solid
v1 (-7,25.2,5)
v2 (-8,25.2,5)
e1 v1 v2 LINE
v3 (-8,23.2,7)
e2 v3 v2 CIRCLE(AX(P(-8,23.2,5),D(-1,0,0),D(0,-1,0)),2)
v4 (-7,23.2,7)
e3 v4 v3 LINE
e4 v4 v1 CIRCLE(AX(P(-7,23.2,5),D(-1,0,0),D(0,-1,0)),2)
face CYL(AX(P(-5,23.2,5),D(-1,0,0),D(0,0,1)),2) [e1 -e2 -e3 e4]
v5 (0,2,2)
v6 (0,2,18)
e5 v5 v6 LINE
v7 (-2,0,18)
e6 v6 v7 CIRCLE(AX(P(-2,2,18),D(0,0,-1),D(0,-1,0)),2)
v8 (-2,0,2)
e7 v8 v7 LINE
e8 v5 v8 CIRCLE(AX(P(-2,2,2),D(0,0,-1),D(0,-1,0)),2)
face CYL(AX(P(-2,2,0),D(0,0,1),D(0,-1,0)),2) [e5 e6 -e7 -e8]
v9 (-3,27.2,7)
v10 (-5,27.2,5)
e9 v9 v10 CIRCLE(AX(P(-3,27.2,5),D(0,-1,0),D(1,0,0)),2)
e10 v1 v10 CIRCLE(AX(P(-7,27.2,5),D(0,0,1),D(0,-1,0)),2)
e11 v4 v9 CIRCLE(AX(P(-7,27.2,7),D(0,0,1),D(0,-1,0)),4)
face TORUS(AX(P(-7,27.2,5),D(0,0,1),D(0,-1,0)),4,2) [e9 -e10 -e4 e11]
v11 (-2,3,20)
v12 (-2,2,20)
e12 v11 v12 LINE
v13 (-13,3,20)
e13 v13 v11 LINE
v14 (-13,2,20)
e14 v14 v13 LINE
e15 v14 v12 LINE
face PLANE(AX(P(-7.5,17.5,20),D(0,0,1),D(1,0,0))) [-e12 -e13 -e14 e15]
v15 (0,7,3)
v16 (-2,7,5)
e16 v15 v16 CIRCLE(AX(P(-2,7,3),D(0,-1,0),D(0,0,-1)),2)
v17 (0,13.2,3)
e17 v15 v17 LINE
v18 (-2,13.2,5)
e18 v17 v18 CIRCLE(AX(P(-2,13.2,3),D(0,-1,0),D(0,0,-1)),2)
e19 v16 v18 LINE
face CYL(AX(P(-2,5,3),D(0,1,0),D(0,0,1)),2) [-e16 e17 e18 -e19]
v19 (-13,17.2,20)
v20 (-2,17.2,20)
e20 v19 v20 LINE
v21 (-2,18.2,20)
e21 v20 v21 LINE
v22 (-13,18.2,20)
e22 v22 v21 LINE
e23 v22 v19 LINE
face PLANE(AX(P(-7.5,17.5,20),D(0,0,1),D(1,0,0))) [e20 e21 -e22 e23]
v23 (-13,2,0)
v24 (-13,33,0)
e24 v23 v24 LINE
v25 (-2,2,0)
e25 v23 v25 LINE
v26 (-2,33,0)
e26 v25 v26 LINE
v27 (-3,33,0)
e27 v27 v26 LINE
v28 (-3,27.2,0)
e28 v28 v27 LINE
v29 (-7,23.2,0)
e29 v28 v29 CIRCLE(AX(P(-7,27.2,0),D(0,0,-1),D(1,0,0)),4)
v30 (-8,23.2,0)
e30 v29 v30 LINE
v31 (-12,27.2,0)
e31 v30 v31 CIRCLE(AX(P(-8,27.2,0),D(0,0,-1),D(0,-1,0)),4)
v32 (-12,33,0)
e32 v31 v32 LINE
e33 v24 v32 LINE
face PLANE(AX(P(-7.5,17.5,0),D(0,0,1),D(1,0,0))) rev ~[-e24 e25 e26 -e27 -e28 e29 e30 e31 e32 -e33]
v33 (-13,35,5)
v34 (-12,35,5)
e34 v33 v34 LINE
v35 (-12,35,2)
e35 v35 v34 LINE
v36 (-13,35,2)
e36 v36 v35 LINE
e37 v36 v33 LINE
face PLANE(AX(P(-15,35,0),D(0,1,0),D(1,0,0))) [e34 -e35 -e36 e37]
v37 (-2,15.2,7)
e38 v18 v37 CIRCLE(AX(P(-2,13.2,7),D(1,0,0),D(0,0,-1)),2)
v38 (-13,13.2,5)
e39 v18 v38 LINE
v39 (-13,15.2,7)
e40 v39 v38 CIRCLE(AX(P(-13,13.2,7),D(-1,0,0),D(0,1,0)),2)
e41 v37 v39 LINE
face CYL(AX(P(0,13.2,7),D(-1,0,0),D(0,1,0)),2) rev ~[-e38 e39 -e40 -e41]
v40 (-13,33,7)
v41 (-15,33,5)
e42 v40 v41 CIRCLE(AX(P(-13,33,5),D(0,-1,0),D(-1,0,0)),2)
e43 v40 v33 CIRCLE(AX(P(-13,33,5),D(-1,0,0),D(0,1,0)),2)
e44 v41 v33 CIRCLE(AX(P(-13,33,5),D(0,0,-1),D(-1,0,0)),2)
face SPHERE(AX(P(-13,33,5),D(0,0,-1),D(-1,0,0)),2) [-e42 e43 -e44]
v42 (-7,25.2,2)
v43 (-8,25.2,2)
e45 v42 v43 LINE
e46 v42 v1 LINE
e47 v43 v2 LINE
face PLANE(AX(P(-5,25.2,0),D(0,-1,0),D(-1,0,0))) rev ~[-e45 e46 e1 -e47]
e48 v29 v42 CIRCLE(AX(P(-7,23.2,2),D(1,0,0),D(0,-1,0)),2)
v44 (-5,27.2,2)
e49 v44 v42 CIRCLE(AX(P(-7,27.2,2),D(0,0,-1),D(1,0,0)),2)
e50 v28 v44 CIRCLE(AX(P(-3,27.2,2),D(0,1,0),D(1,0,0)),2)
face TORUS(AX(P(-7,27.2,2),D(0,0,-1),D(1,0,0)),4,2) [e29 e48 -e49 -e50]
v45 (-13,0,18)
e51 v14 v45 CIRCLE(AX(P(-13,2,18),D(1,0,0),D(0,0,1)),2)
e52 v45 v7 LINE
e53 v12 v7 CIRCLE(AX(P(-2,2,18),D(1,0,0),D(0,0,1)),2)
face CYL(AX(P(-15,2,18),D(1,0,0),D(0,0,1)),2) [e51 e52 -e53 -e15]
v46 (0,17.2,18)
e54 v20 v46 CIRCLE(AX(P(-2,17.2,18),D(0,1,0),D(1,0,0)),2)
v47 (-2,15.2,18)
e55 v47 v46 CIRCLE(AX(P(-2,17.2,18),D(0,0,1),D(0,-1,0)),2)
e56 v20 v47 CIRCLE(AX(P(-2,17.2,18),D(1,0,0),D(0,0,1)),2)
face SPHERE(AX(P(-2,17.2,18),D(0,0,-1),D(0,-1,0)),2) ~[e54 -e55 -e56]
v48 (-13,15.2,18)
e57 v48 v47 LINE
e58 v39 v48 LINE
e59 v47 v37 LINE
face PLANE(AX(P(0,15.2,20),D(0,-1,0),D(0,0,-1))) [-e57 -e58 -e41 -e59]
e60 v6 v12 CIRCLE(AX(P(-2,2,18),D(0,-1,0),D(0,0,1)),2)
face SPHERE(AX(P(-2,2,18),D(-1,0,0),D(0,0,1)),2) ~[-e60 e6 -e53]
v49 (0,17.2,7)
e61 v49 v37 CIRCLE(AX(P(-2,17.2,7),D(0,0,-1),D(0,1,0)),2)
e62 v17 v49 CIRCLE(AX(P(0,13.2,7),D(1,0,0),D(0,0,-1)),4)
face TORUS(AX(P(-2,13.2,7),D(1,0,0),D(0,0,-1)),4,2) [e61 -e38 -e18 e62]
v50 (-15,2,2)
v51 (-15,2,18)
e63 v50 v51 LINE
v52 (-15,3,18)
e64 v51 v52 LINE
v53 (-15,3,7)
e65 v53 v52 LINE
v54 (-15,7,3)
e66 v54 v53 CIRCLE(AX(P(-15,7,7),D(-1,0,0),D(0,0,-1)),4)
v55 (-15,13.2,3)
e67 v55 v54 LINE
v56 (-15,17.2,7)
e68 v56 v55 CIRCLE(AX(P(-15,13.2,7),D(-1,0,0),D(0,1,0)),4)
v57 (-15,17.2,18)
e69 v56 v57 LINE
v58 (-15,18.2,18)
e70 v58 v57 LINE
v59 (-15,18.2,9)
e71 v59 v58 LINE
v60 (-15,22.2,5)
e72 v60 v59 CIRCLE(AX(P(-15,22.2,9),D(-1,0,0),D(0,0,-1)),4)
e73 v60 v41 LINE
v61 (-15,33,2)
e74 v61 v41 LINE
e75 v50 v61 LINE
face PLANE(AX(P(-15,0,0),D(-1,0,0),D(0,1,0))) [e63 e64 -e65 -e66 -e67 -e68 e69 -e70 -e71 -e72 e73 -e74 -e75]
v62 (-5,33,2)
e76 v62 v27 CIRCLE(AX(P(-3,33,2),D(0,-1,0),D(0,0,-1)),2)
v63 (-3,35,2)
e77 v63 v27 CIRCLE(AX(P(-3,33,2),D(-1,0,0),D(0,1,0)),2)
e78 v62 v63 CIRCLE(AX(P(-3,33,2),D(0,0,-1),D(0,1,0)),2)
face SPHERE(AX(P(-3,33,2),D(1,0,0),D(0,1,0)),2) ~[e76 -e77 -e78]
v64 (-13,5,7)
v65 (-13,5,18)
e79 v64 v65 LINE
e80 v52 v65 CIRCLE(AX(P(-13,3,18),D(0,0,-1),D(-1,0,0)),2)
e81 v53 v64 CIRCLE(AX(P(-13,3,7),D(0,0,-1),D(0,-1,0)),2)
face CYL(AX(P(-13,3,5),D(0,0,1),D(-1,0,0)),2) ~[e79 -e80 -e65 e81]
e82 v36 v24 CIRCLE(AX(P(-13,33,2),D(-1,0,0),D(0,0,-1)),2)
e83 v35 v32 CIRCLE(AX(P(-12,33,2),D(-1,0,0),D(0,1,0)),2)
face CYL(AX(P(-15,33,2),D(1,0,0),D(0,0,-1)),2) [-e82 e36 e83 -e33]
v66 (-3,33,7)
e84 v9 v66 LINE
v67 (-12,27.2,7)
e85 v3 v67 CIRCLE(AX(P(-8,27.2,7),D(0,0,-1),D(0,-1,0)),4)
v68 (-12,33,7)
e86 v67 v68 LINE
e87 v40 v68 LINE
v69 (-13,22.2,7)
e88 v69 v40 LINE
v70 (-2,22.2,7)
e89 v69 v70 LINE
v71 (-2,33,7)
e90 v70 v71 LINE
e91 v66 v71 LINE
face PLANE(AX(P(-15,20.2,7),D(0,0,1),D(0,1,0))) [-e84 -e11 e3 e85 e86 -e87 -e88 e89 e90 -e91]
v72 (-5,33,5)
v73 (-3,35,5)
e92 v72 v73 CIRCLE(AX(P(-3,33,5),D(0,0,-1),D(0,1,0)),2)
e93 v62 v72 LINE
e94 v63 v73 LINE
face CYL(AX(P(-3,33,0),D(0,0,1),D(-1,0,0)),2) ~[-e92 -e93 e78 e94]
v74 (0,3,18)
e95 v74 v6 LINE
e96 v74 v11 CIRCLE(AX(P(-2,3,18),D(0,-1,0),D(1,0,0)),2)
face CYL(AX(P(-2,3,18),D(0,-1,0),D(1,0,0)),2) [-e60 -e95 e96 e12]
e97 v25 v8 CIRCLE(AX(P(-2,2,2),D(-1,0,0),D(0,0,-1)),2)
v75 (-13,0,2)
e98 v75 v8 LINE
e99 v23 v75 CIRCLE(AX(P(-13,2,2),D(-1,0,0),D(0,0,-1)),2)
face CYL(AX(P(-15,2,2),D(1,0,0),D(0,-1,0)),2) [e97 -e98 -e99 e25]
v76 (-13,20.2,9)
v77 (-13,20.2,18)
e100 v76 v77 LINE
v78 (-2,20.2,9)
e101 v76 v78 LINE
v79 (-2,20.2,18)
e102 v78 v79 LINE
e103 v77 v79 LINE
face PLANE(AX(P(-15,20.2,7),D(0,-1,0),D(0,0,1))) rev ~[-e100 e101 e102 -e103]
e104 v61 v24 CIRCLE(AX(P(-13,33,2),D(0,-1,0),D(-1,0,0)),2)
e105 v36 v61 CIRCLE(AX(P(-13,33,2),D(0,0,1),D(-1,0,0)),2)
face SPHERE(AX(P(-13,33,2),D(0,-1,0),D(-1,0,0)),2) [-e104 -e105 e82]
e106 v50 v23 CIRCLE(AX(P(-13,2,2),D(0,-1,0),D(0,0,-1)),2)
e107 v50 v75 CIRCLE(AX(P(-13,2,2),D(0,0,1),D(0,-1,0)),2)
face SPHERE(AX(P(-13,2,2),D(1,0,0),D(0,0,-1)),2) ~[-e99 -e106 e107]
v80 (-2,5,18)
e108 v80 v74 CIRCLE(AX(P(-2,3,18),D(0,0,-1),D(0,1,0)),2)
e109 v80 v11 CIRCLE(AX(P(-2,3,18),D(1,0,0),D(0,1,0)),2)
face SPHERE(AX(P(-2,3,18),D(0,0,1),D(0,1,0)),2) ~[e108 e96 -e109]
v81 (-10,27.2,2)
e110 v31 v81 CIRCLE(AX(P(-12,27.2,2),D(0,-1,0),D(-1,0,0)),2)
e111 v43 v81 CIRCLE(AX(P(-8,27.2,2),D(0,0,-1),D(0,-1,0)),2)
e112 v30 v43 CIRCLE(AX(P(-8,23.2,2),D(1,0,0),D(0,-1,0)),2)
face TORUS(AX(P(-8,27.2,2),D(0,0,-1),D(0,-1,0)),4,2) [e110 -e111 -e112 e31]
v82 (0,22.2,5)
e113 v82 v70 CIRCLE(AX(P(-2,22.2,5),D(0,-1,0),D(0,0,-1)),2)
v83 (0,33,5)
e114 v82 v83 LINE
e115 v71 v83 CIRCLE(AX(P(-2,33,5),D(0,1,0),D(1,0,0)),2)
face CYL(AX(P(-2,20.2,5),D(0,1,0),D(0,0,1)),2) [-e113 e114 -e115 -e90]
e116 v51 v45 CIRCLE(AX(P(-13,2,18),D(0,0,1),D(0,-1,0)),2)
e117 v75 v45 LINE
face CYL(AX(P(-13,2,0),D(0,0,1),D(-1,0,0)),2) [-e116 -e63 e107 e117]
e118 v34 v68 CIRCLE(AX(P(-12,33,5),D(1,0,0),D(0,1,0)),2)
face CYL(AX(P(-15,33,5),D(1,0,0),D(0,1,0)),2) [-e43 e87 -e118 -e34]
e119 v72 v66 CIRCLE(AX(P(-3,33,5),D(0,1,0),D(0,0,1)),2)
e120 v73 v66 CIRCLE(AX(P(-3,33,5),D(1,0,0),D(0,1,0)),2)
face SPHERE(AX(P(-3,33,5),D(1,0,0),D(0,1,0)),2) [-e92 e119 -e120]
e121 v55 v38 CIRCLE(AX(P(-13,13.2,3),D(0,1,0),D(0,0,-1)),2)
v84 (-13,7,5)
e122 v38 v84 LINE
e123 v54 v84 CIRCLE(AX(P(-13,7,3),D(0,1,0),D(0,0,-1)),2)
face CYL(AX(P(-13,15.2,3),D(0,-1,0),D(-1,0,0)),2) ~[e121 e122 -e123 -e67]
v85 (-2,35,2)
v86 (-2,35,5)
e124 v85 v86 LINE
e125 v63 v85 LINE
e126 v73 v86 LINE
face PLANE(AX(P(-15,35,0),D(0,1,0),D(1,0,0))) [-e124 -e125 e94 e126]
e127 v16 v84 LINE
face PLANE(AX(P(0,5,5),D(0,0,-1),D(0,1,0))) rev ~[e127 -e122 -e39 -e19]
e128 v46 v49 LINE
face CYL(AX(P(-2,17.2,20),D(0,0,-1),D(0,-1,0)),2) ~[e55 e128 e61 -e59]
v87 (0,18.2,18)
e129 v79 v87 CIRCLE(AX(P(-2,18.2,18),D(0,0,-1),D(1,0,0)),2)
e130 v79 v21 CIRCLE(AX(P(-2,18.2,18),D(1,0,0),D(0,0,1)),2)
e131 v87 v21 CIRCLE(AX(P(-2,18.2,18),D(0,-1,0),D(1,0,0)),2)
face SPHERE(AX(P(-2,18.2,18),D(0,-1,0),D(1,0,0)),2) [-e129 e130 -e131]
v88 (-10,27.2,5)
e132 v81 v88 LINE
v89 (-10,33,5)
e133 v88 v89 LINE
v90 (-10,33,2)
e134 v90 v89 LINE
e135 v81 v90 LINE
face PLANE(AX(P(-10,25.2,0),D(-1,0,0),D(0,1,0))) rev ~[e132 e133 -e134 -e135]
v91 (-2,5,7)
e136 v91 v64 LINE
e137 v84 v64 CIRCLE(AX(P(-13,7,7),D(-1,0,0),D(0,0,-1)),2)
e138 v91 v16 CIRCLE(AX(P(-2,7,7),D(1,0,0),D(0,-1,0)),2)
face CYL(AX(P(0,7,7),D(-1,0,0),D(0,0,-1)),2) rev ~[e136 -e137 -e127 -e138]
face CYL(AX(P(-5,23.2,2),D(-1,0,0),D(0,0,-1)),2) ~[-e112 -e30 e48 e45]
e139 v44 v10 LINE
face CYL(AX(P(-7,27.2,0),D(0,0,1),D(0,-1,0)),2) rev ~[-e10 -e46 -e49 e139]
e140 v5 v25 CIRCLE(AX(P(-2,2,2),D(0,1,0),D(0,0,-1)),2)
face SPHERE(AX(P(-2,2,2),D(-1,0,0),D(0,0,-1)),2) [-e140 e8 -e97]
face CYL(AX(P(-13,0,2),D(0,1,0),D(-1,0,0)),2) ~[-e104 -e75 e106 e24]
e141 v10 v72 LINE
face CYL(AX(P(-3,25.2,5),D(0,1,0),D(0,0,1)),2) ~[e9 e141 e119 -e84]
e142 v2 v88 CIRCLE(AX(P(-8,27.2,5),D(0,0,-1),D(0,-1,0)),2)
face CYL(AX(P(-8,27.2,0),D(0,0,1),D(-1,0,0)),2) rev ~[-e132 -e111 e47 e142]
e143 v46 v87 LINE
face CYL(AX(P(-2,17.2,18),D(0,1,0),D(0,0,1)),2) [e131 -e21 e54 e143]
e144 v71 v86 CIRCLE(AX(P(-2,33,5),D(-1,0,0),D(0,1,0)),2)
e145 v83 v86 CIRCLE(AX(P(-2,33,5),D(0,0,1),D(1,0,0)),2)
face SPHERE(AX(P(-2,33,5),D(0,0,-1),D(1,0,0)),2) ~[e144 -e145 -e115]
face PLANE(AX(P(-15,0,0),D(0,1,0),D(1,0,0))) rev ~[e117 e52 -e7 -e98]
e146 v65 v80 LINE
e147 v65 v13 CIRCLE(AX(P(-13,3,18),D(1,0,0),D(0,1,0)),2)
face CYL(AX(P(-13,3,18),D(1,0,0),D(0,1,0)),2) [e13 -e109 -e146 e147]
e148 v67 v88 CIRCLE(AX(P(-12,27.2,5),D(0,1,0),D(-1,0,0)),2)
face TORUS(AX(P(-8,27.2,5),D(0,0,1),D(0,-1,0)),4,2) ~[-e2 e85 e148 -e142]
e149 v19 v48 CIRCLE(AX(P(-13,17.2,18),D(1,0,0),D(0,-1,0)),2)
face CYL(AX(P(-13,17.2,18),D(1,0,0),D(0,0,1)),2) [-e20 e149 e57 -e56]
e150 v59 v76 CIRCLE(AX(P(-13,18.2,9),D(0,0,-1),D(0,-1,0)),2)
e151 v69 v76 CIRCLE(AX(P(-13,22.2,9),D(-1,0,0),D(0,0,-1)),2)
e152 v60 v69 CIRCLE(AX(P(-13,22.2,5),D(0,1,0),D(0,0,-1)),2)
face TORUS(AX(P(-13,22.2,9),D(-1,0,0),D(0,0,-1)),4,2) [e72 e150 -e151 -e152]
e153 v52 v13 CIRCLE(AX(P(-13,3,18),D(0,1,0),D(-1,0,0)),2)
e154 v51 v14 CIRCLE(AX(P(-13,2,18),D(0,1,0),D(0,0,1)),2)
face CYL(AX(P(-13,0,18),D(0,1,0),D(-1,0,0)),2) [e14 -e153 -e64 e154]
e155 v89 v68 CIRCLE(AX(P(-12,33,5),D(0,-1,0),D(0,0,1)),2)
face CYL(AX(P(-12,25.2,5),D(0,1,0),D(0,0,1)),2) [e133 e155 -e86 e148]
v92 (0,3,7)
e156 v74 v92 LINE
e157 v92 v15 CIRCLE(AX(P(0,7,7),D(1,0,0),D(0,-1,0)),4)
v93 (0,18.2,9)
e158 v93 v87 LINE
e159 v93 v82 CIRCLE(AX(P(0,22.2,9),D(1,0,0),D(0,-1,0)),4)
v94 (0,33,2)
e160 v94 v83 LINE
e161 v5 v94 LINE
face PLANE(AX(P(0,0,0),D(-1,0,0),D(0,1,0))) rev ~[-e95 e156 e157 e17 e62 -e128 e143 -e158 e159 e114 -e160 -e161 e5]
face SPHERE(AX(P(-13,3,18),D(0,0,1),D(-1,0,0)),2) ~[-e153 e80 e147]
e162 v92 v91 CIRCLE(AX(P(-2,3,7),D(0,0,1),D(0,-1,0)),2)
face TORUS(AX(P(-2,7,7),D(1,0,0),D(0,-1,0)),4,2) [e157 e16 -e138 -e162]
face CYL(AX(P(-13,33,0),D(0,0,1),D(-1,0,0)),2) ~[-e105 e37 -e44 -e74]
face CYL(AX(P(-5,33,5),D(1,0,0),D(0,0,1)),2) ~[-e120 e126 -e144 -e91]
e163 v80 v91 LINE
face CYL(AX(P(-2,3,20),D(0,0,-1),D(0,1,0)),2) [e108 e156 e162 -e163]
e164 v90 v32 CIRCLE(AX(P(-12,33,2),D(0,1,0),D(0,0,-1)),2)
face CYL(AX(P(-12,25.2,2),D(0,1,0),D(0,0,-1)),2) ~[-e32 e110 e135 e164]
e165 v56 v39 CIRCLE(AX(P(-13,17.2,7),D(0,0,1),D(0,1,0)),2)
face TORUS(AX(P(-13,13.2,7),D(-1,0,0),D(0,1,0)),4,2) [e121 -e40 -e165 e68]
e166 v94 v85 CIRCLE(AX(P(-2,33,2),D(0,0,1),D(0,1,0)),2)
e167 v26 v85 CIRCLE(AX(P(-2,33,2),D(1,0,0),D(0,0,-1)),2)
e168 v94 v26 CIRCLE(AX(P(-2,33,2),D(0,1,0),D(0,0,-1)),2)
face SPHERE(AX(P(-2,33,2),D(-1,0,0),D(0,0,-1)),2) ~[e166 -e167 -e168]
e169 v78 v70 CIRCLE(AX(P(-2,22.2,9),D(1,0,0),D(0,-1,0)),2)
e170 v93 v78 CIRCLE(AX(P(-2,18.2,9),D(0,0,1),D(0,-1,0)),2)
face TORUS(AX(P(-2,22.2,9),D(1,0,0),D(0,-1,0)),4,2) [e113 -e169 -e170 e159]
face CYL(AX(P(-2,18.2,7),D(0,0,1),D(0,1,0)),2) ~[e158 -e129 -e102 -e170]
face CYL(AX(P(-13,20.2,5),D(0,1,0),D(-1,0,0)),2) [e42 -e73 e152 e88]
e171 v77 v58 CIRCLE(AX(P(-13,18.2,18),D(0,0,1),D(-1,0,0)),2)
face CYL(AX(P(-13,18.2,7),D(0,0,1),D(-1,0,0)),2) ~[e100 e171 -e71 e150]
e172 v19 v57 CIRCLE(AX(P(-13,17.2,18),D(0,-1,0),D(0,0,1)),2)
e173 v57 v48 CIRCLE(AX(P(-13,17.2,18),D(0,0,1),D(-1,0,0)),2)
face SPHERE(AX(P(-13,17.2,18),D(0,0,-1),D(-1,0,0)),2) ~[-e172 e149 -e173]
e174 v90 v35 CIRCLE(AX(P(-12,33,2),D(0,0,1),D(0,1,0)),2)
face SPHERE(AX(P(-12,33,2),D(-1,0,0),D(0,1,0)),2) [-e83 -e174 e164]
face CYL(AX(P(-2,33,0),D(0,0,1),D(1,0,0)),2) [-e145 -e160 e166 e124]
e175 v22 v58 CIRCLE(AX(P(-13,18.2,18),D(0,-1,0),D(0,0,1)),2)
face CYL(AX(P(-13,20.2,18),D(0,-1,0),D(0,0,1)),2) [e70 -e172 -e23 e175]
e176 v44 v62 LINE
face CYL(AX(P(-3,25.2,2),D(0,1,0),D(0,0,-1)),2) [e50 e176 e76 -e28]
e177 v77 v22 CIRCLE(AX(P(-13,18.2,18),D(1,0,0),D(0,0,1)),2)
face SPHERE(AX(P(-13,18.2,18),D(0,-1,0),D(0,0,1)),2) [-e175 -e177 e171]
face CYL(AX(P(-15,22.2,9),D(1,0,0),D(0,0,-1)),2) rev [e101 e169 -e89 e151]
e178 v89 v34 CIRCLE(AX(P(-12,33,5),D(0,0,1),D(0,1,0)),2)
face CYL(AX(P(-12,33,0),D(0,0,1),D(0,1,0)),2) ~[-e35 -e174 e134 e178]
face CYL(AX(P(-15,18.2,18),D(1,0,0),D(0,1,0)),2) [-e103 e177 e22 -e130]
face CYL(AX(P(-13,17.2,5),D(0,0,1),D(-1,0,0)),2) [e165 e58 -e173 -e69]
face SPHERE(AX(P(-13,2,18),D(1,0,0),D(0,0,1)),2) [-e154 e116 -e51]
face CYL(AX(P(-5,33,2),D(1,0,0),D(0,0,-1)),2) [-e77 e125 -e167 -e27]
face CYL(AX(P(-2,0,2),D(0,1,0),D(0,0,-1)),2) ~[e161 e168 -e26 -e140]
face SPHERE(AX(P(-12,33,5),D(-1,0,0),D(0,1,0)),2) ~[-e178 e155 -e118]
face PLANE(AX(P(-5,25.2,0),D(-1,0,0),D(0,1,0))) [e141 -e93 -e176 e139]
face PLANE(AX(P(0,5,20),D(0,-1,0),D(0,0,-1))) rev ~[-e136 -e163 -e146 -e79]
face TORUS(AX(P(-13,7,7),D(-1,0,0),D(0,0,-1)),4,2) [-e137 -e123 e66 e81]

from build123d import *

# Parameters (mm, degrees)
SKETCH1_W                      = 15
SKETCH1_H                      = 35
BOSS_EXTRUDE1_DEPTH            = 20
SKETCH2_W                      = 15
SKETCH2_H                      = 10.2
CUT_EXTRUDE1_DEPTH             = 44.011626335
FILLET1_R                      = 2
SKETCH4_W                      = 13
SKETCH4_H                      = 14.8
CUT_EXTRUDE3_DEPTH             = 44.011626335
CUT_EXTRUDE4_REACH             = 45.012
SKETCH5_W                      = 5
SKETCH5_H                      = 9.8
CUT_EXTRUDE4_DIRECTION_2_DEPTH = 44.011626335
FILLET2_R                      = 2


with BuildPart() as part:
    # Sketch1 → Boss-Extrude1 (new body)
    with BuildSketch(Plane.XY):
        with Locations((-7.5, 17.5)):
            Rectangle(SKETCH1_W, SKETCH1_H)
    extrude(amount=BOSS_EXTRUDE1_DEPTH)

    # Sketch2 → Cut-Extrude1 (cut, through all)
    with BuildSketch(Plane(origin=(0, 0, 0), x_dir=(0, 0, -1), z_dir=(1, 0, 0))):
        with Locations((-12.5, 10.1)):
            Rectangle(SKETCH2_W, SKETCH2_H)
    extrude(amount=-CUT_EXTRUDE1_DEPTH, mode=Mode.SUBTRACT)

    # Fillet1
    fillet1_edges = [part.edges().sort_by_distance(p)[0] for p in [
        (-15, 15.2, 12.5),
        (-15, 10.1, 5),
        (-7.5, 15.2, 5),
        (-15, 5, 12.5),
        (-7.5, 5, 5),
        (0, 5, 12.5),
        (0, 10.1, 5),
        (0, 15.2, 12.5),
    ]]
    fillet(fillet1_edges, radius=FILLET1_R)

    # Sketch4 → Cut-Extrude3 (cut, through all)
    with BuildSketch(Plane.ZY.offset(15)):
        with Locations((13.5, 27.6)):
            Rectangle(SKETCH4_W, SKETCH4_H)
    extrude(amount=-CUT_EXTRUDE3_DEPTH, mode=Mode.SUBTRACT)

    # Sketch5 → Cut-Extrude4 (cut, up to next)
    with BuildSketch(Plane(origin=(0, 0, 0), x_dir=(-1, 0, 0), z_dir=(0, 0, -1)), mode=Mode.PRIVATE) as cut_extrude4_sk1:
        with Locations((7.5, 30.1)):
            Rectangle(SKETCH5_W, SKETCH5_H)
    cut_extrude4_tool1 = extrude(cut_extrude4_sk1.sketch, amount=-CUT_EXTRUDE4_REACH, mode=Mode.PRIVATE) & part.part
    add(cut_extrude4_tool1.solids().sort_by_distance((-7.5, 30.1, 0))[0], mode=Mode.SUBTRACT)

    # Sketch5 → Cut-Extrude4 direction 2 (cut)
    with BuildSketch(Plane(origin=(0, 0, 0), x_dir=(-1, 0, 0), z_dir=(0, 0, -1))):
        with Locations((7.5, 30.1)):
            Rectangle(SKETCH5_W, SKETCH5_H)
    extrude(amount=CUT_EXTRUDE4_DIRECTION_2_DEPTH, mode=Mode.SUBTRACT)

    # Fillet2
    fillet2_edges = [part.edges().sort_by_distance(p)[0] for p in [
        (-7.5, 0, 20),
        (-15, 1.5, 20),
        (-7.5, 5, 20),
        (-0.585786438, 4.414213562, 20),
        (-14.414213562, 4.414213562, 20),
        (0, 18.7, 20),
        (-7.5, 15.2, 20),
        (-0.585786438, 15.785786438, 20),
        (-14.414213562, 15.785786438, 20),
        (0, 1.5, 20),
        (-7.5, 0, 0),
        (-15, 17.5, 0),
        (-2.5, 35, 0),
        (0, 17.5, 0),
        (-15, 18.7, 20),
        (-15, 35, 3.5),
        (0, 35, 3.5),
        (0, 20.2, 13.5),
        (-7.5, 20.2, 20),
        (0, 27.6, 7),
        (-7.5, 20.2, 7),
        (-2.5, 35, 7),
        (-15, 27.6, 7),
        (-15, 20.2, 13.5),
        (-12.5, 35, 7),
        (0, 0, 10),
        (-15, 0, 10),
        (-12.5, 35, 0),
        (-5, 35, 3.5),
        (-5, 25.2, 3.5),
        (-10, 25.2, 3.5),
        (-10, 35, 3.5),
        (-5, 30.1, 0),
        (-7.5, 25.2, 0),
        (-10, 30.1, 0),
        (-7.5, 25.2, 7),
        (-5, 30.1, 7),
        (-10, 30.1, 7),
    ]]
    fillet(fillet2_edges, radius=FILLET2_R)


solid = part.part
